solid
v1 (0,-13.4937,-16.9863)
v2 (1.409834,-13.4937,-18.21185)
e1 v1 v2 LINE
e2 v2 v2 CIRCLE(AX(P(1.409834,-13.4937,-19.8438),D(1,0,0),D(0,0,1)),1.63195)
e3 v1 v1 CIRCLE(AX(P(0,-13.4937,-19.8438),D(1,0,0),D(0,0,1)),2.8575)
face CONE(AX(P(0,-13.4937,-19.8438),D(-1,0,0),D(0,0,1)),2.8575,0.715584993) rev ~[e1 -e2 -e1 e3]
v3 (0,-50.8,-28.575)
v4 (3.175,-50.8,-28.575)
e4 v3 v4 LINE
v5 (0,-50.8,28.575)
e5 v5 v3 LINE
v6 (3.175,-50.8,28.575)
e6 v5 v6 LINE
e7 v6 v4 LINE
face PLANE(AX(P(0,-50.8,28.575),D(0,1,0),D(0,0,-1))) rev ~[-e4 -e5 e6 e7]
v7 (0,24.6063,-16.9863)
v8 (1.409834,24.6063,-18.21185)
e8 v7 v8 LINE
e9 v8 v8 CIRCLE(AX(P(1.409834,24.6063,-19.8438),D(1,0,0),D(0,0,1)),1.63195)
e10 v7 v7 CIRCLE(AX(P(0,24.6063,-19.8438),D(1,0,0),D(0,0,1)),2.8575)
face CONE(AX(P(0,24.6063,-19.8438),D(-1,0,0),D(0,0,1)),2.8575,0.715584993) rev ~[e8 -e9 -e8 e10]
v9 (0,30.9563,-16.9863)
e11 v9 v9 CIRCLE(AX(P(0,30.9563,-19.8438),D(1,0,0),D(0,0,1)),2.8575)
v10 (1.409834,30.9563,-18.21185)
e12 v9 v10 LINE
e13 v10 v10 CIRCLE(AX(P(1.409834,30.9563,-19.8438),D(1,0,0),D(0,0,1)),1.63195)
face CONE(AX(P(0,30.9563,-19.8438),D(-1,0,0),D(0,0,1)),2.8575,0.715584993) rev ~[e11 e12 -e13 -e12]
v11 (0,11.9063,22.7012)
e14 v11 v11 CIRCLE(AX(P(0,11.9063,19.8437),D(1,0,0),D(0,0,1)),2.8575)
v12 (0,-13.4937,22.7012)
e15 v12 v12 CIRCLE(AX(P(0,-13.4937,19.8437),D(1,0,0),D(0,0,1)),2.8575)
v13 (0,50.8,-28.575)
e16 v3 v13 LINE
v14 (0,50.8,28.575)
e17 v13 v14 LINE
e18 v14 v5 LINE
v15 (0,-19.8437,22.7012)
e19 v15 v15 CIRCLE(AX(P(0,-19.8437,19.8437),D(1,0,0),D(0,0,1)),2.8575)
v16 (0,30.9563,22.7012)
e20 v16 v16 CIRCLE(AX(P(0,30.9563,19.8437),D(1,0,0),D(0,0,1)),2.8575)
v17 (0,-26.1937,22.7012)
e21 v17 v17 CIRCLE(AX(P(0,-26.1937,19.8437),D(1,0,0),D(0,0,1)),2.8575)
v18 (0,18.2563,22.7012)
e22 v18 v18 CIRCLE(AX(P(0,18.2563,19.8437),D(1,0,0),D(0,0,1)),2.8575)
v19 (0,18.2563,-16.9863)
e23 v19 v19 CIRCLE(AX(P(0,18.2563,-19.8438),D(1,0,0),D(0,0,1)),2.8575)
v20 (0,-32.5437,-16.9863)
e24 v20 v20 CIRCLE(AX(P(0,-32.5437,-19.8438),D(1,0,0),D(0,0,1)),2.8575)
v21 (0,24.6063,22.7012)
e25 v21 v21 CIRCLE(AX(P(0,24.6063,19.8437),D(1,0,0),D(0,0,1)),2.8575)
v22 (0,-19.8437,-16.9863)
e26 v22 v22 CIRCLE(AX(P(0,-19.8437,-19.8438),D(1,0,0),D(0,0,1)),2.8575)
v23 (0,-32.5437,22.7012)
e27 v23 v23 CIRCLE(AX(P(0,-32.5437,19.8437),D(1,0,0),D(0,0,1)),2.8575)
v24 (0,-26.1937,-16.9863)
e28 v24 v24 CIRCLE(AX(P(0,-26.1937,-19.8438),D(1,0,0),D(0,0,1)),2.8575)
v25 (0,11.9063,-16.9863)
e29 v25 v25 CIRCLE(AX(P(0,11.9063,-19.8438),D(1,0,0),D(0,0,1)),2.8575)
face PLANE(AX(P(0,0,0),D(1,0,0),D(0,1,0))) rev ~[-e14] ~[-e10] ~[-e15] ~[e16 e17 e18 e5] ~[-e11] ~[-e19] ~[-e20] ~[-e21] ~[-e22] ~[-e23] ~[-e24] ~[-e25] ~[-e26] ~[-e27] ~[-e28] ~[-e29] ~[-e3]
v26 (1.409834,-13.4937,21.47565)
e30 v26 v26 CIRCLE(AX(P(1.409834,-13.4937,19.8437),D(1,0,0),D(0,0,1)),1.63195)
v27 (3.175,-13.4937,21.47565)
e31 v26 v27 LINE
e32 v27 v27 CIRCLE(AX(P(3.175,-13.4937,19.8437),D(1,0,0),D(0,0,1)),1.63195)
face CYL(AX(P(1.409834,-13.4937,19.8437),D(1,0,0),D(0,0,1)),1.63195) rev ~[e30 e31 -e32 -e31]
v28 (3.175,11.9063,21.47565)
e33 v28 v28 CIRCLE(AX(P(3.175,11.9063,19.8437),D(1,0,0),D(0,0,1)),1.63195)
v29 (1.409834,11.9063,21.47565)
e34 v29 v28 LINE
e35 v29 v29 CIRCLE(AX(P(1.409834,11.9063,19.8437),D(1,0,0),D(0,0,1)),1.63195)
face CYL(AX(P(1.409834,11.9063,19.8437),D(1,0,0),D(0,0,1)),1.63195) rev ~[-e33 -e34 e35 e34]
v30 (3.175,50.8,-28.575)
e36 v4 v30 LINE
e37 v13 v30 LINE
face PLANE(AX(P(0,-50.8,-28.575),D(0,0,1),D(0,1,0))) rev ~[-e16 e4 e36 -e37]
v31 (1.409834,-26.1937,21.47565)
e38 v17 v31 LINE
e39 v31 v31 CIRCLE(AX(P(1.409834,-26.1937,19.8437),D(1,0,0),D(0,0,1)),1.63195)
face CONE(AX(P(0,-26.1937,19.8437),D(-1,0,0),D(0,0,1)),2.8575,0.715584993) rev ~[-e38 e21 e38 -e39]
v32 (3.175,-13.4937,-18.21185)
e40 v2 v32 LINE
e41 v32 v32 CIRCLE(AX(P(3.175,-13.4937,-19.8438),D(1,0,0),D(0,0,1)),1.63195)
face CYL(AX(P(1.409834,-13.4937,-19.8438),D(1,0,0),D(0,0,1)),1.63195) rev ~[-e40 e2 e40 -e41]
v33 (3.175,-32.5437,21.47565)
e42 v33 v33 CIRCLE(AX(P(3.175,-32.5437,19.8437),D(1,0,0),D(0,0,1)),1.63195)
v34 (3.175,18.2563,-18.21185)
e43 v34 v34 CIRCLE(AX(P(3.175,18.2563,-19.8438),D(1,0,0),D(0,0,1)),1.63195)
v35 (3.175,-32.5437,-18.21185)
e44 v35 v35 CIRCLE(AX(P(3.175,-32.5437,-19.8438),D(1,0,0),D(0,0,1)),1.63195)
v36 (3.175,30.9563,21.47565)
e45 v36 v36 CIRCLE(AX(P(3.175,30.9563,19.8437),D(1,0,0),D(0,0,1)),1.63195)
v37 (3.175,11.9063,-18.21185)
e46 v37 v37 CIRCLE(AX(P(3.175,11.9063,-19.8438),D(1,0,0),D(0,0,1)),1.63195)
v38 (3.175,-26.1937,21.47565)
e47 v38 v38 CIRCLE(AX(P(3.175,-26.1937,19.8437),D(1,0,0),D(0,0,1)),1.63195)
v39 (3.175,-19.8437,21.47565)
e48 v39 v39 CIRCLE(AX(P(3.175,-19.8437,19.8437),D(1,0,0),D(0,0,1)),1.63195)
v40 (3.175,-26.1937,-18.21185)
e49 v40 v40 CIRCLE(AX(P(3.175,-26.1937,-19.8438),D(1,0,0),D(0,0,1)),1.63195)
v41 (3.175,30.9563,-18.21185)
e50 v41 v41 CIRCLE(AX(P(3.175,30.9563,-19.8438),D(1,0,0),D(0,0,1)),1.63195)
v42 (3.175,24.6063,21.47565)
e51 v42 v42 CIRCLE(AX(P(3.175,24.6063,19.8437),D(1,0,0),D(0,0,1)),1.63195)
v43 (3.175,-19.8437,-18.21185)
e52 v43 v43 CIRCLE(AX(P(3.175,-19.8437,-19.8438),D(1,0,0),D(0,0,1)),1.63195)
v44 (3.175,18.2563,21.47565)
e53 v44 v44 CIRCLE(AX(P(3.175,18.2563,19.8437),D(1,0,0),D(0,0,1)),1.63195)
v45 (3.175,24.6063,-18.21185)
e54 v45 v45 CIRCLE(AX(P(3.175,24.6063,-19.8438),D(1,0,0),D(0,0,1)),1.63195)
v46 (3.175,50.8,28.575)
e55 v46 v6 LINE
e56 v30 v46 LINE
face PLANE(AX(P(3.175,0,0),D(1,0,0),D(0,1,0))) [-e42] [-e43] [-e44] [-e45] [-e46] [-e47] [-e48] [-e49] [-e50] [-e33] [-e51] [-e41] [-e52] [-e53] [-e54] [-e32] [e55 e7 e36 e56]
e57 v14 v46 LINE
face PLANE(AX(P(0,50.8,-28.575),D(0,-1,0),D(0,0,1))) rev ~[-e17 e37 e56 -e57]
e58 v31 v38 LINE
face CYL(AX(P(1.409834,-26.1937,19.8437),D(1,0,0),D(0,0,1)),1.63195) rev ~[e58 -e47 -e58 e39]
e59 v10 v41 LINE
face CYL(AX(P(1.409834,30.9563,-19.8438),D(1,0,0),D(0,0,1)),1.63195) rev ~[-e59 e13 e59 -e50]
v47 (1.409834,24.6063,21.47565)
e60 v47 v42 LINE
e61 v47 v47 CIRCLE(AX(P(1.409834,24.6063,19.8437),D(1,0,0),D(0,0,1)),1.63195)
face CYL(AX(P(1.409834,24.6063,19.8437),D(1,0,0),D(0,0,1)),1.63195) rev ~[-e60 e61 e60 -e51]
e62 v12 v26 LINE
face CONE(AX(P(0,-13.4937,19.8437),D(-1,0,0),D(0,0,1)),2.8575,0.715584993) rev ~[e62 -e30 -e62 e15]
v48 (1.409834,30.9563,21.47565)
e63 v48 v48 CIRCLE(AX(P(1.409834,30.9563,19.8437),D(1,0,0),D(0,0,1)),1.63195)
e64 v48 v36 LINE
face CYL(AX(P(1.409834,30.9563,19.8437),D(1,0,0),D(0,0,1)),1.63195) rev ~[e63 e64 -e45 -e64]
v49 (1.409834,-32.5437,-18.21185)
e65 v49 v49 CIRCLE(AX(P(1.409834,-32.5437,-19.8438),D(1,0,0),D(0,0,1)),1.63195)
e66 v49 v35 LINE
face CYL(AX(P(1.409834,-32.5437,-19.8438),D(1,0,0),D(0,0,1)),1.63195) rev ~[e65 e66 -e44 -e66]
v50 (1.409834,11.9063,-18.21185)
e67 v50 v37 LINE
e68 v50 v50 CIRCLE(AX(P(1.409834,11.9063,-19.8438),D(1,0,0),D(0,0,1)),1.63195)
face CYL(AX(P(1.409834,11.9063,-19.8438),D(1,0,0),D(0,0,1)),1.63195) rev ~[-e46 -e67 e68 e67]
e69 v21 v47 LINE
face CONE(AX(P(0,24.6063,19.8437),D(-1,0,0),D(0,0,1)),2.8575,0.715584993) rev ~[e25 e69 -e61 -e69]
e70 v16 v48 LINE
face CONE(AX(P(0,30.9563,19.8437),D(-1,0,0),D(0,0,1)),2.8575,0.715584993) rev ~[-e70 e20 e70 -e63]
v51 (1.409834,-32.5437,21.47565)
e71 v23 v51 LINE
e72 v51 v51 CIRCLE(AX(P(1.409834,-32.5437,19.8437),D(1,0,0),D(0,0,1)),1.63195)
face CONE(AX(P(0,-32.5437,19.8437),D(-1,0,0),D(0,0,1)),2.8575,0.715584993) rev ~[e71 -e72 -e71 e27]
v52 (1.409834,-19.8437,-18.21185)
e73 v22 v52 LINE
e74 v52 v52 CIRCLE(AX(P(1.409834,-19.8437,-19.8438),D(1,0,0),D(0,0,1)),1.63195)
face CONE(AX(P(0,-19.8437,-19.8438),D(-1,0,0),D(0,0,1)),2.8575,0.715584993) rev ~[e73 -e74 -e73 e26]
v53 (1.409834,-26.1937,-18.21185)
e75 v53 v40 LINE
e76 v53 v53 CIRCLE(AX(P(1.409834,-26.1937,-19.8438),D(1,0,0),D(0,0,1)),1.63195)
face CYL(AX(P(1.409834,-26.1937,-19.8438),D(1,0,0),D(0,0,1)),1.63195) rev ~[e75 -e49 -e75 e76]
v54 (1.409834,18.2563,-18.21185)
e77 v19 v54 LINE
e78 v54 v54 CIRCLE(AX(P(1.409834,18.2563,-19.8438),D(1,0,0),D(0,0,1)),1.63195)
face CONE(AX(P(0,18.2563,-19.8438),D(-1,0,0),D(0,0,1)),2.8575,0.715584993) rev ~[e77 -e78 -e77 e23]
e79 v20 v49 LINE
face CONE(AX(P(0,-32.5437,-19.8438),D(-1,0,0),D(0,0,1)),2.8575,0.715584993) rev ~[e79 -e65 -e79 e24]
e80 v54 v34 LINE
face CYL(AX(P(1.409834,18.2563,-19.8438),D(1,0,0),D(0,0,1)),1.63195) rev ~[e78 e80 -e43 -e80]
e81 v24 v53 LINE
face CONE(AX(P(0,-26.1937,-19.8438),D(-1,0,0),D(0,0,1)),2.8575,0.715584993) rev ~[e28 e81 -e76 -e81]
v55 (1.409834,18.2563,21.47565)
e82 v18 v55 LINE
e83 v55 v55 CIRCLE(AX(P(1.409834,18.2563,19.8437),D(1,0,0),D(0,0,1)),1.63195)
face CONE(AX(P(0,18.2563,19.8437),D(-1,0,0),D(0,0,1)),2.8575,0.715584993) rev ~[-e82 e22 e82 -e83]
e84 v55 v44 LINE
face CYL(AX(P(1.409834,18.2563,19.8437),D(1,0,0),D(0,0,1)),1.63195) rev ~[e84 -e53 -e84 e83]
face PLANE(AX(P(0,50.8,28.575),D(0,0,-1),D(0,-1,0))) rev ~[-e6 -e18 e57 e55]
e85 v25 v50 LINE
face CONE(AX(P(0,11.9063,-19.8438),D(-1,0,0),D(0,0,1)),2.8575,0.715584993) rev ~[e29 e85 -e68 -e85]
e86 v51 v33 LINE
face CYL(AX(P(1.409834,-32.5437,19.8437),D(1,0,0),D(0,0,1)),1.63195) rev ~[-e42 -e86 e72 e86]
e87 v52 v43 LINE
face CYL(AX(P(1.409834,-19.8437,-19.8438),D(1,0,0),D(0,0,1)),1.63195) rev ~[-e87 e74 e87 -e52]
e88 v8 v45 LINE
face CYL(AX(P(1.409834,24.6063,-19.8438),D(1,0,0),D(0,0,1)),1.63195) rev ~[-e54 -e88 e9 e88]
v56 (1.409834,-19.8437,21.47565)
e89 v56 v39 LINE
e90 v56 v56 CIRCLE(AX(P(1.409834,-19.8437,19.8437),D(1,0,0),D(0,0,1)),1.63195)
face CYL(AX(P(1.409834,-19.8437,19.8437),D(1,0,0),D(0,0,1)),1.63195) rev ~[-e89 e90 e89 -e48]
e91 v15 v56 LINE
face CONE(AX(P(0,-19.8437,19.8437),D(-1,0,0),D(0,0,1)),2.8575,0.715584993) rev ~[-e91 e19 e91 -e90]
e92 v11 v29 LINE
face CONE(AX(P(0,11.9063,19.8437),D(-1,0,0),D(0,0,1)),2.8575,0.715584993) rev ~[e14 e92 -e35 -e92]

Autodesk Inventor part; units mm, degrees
ref_plane "YZ Plane" through (0, 0, 0) normal (1, 0, 0) x (0, 1, 0)
ref_plane "XZ Plane" through (0, 0, 0) normal (0, 1, 0) x (-1, 0, 0)
ref_plane "XY Plane" through (0, 0, 0) normal (0, 0, 1) x (1, 0, 0)
sketch "Sketch1" plane through (0, 0, 0) normal (1, 0, 0) x (0, 1, 0)
  line L0 (50.8, 28.575) -> (-50.8, 28.575)
  line L1 (-50.8, 28.575) -> (-50.8, -28.575)
  line L2 (-50.8, -28.575) -> (50.8, -28.575)
  line L3 (50.8, -28.575) -> (50.8, 28.575)
  line L4 (50.8, 28.575) -> (-50.8, -28.575) construction
  line L5 (-50.8, 28.575) -> (50.8, -28.575) construction
  point P0 (0, 0)
  dimension "d0" = 101.6
  dimension "d1" = 57.15
extrude "Extrusion1" add sketch "Sketch1" along normal blind 3.175
sketch "Sketch2" plane through (0, 0, 0) normal (-1, 0, 0) x (0, 0, 1)
  point P0 (19.8437, 30.9563)
  point P1 (19.8437, 24.6063)
  point P2 (19.8437, 18.2563)
  point P3 (19.8437, 11.9063)
  point P4 (19.8437, -13.4937)
  point P5 (19.8437, -19.8437)
  point P6 (19.8437, -26.1937)
  point P7 (19.8437, -32.5437)
  point P8 (-19.8438, -32.5437)
  point P9 (-19.8438, -26.1937)
  point P10 (-19.8438, -19.8437)
  point P11 (-19.8438, -13.4937)
  point P12 (-19.8438, 11.9063)
  point P13 (-19.8438, 18.2563)
  point P14 (-19.8438, 24.6063)
  point P15 (-19.8438, 30.9563)
hole "Hole1" at (0, 30.9563, 19.8437) at (0, 24.6063, 19.8437) at (0, 18.2563, 19.8437) at (0, 11.9063, 19.8437) at (0, -13.4937, 19.8437) at (0, -19.8437, 19.8437) at (0, -26.1937, 19.8437) at (0, -32.5437, 19.8437) at (0, -32.5437, -19.8438) at (0, -26.1937, -19.8438) at (0, -19.8437, -19.8438) at (0, -13.4937, -19.8438) at (0, 11.9063, -19.8438) at (0, 18.2563, -19.8438) at (0, 24.6063, -19.8438) at (0, 30.9563, -19.8438) direction (1, 0, 0) diameter 3.2639 end through all countersink diameter 5.715 countersink angle 82
properties part number "Ramp" material "Aluminum 6061"
